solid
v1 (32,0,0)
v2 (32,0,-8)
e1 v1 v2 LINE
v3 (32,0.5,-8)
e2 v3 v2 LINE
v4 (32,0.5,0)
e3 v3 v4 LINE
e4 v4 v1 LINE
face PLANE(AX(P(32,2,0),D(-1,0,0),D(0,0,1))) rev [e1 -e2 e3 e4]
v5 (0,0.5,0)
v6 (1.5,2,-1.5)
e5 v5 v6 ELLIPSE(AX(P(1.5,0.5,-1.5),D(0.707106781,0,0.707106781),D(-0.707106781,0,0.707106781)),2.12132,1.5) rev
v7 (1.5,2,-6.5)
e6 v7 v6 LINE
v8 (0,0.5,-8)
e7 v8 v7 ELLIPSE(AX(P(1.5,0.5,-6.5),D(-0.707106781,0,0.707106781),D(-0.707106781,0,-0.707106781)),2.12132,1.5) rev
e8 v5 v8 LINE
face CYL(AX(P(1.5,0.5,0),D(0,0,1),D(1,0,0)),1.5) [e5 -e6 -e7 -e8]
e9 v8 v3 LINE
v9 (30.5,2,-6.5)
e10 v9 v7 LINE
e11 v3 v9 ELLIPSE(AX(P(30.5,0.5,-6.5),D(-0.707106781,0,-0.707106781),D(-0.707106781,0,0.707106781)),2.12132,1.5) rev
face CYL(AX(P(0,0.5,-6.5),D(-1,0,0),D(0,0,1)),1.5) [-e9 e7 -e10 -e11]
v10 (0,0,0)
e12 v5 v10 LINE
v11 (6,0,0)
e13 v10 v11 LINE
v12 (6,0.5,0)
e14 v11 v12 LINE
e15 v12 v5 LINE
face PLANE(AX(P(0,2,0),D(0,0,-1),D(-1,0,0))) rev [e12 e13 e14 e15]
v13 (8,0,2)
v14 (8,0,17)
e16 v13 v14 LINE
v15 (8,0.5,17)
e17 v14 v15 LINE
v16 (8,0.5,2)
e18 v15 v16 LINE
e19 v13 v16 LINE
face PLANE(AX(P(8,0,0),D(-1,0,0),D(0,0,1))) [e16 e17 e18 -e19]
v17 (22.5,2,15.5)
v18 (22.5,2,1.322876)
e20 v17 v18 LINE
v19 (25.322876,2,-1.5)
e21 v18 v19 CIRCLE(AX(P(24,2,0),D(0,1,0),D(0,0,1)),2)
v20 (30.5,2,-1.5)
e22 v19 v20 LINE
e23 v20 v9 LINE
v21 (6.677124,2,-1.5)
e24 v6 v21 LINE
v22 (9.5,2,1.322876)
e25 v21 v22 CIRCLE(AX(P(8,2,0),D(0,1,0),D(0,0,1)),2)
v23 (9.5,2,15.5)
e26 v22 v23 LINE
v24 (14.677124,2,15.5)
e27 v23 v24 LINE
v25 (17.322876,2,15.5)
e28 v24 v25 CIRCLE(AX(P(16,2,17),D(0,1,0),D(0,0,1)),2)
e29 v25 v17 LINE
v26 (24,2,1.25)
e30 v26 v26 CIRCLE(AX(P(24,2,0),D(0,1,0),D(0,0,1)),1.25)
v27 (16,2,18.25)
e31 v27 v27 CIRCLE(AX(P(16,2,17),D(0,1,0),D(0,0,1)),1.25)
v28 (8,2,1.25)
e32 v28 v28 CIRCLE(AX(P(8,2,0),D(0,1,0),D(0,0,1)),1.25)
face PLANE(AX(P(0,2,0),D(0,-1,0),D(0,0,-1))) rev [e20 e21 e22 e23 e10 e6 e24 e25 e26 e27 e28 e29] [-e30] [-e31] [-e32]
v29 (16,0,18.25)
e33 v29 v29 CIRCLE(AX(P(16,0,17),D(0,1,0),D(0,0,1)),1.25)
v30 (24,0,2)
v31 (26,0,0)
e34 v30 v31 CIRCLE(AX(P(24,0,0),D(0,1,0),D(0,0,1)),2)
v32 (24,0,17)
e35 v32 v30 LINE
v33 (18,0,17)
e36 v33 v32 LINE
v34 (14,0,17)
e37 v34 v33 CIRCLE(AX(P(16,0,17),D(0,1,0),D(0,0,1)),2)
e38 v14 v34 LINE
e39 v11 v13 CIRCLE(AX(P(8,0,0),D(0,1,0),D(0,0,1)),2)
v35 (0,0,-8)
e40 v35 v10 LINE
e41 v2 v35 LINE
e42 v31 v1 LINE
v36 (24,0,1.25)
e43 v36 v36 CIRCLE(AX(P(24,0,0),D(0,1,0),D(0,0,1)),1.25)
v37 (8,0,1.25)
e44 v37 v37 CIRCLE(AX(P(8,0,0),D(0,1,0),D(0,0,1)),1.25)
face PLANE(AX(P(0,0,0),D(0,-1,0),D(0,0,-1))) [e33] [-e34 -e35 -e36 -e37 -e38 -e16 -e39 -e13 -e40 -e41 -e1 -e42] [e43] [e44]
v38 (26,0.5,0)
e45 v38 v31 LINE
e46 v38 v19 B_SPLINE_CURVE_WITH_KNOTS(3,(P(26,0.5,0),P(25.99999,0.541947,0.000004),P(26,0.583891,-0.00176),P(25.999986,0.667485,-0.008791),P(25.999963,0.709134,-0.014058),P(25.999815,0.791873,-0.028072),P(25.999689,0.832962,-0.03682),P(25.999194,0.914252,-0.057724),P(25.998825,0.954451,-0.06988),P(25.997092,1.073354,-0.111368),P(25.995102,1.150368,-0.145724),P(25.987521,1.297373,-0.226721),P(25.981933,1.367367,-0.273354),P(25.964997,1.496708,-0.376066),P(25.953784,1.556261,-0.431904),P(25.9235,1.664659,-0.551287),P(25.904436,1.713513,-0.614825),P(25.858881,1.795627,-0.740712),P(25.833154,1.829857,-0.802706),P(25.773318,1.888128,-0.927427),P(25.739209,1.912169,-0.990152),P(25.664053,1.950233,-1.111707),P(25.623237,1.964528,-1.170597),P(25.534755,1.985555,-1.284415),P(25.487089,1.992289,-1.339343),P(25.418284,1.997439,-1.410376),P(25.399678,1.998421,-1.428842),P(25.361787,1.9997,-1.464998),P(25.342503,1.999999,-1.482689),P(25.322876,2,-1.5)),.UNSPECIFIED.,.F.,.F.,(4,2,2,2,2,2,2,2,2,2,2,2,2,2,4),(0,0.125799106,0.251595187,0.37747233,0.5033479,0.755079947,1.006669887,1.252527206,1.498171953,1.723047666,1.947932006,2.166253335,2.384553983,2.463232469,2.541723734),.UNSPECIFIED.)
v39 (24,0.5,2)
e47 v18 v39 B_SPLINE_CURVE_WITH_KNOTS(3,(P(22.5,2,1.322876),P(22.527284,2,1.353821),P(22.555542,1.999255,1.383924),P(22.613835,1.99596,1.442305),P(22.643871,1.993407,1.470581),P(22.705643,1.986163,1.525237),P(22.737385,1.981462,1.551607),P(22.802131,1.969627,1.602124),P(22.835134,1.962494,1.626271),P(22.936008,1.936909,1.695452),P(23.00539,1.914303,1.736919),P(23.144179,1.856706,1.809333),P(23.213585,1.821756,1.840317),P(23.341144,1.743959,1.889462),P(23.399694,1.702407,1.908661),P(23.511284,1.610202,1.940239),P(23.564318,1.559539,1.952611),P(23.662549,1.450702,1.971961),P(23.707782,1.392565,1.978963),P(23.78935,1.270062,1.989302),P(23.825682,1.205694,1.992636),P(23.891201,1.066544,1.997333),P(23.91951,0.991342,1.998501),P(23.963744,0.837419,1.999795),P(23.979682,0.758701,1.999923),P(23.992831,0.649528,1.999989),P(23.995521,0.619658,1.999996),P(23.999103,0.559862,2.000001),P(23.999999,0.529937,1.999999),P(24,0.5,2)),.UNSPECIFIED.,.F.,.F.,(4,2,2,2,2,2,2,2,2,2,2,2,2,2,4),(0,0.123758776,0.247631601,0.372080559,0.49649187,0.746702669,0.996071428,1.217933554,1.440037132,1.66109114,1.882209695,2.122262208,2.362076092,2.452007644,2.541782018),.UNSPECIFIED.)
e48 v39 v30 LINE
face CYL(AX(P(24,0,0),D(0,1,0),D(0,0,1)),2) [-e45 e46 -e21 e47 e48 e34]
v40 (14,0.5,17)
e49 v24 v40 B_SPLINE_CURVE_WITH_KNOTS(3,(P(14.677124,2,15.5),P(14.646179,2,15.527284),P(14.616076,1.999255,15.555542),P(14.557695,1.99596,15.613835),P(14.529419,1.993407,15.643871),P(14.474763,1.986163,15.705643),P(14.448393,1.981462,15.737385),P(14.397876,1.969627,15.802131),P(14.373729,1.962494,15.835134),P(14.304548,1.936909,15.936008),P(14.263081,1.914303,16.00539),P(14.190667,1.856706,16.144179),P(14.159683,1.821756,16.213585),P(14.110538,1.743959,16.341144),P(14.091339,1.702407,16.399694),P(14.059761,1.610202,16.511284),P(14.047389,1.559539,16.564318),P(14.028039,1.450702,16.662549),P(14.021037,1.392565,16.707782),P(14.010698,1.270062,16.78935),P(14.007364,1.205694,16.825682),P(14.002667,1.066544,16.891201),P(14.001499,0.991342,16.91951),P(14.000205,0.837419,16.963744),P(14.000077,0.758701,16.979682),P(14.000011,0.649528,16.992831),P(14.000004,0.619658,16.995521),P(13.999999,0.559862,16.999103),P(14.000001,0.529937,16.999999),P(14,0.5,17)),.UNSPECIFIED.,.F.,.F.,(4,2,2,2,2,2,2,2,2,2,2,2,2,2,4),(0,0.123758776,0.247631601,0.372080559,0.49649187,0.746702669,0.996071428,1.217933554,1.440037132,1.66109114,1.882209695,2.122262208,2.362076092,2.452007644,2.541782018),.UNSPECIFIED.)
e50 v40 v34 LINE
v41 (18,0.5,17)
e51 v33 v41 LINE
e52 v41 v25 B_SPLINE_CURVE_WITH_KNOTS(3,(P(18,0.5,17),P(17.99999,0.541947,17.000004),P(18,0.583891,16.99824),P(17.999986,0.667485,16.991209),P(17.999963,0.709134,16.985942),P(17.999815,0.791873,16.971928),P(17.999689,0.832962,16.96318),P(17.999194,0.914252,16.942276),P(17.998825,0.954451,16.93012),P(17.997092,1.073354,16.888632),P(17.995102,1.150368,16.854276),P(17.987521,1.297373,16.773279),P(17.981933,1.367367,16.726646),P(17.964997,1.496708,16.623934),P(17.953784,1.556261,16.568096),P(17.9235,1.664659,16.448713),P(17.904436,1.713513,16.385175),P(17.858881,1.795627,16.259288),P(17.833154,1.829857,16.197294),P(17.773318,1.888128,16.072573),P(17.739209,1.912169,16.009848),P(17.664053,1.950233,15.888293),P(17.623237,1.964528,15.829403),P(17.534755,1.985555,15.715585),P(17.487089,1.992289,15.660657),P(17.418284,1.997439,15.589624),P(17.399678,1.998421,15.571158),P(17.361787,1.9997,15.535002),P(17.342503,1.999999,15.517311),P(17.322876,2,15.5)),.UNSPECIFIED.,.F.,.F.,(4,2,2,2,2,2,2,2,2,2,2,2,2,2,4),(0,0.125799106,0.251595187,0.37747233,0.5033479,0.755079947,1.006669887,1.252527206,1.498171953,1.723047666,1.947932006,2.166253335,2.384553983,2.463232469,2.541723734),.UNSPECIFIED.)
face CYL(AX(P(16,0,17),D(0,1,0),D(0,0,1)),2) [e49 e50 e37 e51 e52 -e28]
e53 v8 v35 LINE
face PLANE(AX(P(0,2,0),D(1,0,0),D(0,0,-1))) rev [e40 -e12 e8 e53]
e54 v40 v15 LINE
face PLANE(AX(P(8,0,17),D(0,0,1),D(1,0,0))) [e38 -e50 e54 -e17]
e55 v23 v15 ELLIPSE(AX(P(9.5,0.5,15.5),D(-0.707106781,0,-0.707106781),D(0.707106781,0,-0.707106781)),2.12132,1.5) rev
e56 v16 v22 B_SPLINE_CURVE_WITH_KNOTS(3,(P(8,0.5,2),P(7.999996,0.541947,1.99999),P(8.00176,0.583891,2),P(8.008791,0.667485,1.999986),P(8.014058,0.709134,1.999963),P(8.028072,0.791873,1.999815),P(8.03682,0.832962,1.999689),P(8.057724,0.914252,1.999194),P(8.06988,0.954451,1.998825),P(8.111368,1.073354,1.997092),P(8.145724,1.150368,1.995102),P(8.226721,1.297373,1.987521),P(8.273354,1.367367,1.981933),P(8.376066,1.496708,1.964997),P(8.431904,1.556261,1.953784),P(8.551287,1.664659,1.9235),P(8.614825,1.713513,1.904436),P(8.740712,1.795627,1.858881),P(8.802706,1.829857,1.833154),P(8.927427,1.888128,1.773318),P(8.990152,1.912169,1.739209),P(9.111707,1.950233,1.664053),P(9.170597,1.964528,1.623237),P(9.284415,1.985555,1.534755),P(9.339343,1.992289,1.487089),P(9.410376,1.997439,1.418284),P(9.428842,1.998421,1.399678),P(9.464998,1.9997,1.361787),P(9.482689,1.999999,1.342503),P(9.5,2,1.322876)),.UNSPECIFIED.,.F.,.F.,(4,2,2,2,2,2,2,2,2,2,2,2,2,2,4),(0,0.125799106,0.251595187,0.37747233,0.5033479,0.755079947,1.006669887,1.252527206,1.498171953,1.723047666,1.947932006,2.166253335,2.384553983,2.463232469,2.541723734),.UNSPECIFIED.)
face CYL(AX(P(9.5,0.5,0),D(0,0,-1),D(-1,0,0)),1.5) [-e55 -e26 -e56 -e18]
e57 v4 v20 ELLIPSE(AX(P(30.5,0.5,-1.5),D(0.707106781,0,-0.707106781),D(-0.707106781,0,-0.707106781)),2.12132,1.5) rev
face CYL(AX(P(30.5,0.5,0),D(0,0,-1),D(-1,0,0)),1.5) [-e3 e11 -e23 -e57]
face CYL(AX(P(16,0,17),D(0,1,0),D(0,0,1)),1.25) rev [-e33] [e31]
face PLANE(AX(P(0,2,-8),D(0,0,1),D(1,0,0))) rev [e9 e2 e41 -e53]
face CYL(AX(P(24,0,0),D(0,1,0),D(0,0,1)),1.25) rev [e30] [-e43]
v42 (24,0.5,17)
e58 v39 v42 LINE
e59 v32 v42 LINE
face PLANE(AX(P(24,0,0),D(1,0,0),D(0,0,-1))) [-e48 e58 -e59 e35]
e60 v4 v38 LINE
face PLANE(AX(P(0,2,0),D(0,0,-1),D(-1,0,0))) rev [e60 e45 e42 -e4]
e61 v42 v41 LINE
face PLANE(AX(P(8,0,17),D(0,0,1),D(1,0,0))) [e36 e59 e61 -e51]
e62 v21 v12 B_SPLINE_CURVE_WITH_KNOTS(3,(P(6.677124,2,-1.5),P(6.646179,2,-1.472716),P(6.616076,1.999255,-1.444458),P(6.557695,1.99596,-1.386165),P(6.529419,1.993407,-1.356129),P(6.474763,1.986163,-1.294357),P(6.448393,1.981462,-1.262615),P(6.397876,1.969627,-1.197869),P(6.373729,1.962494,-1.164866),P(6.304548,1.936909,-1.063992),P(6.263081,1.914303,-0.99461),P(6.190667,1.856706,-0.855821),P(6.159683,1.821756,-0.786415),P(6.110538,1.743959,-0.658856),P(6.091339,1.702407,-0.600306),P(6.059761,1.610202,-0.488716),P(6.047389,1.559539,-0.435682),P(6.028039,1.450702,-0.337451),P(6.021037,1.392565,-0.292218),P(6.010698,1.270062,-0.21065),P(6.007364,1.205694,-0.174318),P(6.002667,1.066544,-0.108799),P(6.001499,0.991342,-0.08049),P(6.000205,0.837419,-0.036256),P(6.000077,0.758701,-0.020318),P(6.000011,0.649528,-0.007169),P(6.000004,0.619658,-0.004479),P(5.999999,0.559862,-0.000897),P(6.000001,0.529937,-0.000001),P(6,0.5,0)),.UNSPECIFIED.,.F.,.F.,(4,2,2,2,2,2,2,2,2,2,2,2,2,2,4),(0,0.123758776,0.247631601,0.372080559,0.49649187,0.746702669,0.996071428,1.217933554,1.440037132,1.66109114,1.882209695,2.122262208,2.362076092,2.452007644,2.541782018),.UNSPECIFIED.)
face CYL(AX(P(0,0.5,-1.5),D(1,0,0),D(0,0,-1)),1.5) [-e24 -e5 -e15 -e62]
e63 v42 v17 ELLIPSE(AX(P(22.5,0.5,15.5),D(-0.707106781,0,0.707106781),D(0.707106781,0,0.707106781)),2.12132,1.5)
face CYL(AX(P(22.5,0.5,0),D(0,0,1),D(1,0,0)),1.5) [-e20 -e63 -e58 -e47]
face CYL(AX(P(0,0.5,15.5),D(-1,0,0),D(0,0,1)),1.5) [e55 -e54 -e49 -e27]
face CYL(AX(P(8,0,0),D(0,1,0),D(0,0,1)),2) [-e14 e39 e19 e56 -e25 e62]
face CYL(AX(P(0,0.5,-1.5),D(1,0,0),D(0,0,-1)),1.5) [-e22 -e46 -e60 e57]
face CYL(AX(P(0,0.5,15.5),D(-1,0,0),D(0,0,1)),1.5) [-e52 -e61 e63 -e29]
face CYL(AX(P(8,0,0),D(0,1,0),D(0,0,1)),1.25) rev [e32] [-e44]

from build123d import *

# Parameters (mm, degrees)
ESQUISSE1_W             = 32
ESQUISSE1_H             = 8
BOSS_EXTRU_1_DEPTH      = 2
BOSS_EXTRU_2_DEPTH      = 2
ESQUISSE3_R             = 1.9999999999999996
ESQUISSE3_R_2           = 2.000000000000003
ESQUISSE3_R_3           = 1.9999999999999991
BOSS_EXTRU_3_DEPTH      = 2
ESQUISSE4_R             = 1.2499999999999991
ESQUISSE4_R_2           = 1.250000000000001
ESQUISSE4_R_3           = 1.2500000000000013
ENL_V_MAT_EXTRU_1_DEPTH = 2
CONG_1_R                = 1.5


with BuildPart() as part:
    # Esquisse1 → Boss.-Extru.1 (new body)
    with BuildSketch(Plane(origin=(0, 0, 0), x_dir=(1, 0, 0), z_dir=(0, 1, 0))):
        with Locations((16, 4)):
            Rectangle(ESQUISSE1_W, ESQUISSE1_H)
    extrude(amount=BOSS_EXTRU_1_DEPTH)

    # Esquisse2 → Boss.-Extru.2 (add)
    with BuildSketch(Plane(origin=(0, 2, 0), x_dir=(1, 0, 0), z_dir=(0, 1, 0))):
        Polygon((8.000000000000002, 4.5e-16), (24, 2.41e-15), (24.000000000000004, -17), (8.000000000000004, -17), align=None)
    extrude(amount=-BOSS_EXTRU_2_DEPTH)

    # Esquisse3 → Boss.-Extru.3 (add)
    with BuildSketch(Plane(origin=(0, 2, 0), x_dir=(1, 0, 0), z_dir=(0, 1, 0))):
        with Locations((8.000000000000002, 0)):
            Circle(ESQUISSE3_R)
        with Locations((24, 2.41e-15)):
            Circle(ESQUISSE3_R_2)
        with Locations((16.000000000000004, -17)):
            Circle(ESQUISSE3_R_3)
    extrude(amount=-BOSS_EXTRU_3_DEPTH)

    # Esquisse4 → Enlèv. mat.-Extru.1 (cut)
    with BuildSketch(Plane(origin=(0, 2, 0), x_dir=(1, 0, 0), z_dir=(0, 1, 0))):
        with Locations(Location((8.000000000000002, 0, 0), (0, 0, 270))):
            Circle(ESQUISSE4_R)
        with Locations(Location((24, 2.41e-15, 0), (0, 0, 270))):
            Circle(ESQUISSE4_R_2)
        with Locations(Location((16.000000000000004, -17, 0), (0, 0, 270))):
            Circle(ESQUISSE4_R_3)
    extrude(amount=-ENL_V_MAT_EXTRU_1_DEPTH, mode=Mode.SUBTRACT)

    # Congé1
    cong_1_edges = [part.edges().sort_by_distance(p)[0] for p in [
        (32, 2, -4),
        (16, 2, -8),
        (11.000000000000004, 2, 17),
        (24.000000000000004, 2, 9.500000000000002),
        (8.000000000000004, 2, 9.5),
        (29, 2, 0),
        (0, 2, -4),
        (21.000000000000004, 2, 17),
        (3.000000000000001, 2, 0),
    ]]
    fillet(cong_1_edges, radius=CONG_1_R)


solid = part.part
